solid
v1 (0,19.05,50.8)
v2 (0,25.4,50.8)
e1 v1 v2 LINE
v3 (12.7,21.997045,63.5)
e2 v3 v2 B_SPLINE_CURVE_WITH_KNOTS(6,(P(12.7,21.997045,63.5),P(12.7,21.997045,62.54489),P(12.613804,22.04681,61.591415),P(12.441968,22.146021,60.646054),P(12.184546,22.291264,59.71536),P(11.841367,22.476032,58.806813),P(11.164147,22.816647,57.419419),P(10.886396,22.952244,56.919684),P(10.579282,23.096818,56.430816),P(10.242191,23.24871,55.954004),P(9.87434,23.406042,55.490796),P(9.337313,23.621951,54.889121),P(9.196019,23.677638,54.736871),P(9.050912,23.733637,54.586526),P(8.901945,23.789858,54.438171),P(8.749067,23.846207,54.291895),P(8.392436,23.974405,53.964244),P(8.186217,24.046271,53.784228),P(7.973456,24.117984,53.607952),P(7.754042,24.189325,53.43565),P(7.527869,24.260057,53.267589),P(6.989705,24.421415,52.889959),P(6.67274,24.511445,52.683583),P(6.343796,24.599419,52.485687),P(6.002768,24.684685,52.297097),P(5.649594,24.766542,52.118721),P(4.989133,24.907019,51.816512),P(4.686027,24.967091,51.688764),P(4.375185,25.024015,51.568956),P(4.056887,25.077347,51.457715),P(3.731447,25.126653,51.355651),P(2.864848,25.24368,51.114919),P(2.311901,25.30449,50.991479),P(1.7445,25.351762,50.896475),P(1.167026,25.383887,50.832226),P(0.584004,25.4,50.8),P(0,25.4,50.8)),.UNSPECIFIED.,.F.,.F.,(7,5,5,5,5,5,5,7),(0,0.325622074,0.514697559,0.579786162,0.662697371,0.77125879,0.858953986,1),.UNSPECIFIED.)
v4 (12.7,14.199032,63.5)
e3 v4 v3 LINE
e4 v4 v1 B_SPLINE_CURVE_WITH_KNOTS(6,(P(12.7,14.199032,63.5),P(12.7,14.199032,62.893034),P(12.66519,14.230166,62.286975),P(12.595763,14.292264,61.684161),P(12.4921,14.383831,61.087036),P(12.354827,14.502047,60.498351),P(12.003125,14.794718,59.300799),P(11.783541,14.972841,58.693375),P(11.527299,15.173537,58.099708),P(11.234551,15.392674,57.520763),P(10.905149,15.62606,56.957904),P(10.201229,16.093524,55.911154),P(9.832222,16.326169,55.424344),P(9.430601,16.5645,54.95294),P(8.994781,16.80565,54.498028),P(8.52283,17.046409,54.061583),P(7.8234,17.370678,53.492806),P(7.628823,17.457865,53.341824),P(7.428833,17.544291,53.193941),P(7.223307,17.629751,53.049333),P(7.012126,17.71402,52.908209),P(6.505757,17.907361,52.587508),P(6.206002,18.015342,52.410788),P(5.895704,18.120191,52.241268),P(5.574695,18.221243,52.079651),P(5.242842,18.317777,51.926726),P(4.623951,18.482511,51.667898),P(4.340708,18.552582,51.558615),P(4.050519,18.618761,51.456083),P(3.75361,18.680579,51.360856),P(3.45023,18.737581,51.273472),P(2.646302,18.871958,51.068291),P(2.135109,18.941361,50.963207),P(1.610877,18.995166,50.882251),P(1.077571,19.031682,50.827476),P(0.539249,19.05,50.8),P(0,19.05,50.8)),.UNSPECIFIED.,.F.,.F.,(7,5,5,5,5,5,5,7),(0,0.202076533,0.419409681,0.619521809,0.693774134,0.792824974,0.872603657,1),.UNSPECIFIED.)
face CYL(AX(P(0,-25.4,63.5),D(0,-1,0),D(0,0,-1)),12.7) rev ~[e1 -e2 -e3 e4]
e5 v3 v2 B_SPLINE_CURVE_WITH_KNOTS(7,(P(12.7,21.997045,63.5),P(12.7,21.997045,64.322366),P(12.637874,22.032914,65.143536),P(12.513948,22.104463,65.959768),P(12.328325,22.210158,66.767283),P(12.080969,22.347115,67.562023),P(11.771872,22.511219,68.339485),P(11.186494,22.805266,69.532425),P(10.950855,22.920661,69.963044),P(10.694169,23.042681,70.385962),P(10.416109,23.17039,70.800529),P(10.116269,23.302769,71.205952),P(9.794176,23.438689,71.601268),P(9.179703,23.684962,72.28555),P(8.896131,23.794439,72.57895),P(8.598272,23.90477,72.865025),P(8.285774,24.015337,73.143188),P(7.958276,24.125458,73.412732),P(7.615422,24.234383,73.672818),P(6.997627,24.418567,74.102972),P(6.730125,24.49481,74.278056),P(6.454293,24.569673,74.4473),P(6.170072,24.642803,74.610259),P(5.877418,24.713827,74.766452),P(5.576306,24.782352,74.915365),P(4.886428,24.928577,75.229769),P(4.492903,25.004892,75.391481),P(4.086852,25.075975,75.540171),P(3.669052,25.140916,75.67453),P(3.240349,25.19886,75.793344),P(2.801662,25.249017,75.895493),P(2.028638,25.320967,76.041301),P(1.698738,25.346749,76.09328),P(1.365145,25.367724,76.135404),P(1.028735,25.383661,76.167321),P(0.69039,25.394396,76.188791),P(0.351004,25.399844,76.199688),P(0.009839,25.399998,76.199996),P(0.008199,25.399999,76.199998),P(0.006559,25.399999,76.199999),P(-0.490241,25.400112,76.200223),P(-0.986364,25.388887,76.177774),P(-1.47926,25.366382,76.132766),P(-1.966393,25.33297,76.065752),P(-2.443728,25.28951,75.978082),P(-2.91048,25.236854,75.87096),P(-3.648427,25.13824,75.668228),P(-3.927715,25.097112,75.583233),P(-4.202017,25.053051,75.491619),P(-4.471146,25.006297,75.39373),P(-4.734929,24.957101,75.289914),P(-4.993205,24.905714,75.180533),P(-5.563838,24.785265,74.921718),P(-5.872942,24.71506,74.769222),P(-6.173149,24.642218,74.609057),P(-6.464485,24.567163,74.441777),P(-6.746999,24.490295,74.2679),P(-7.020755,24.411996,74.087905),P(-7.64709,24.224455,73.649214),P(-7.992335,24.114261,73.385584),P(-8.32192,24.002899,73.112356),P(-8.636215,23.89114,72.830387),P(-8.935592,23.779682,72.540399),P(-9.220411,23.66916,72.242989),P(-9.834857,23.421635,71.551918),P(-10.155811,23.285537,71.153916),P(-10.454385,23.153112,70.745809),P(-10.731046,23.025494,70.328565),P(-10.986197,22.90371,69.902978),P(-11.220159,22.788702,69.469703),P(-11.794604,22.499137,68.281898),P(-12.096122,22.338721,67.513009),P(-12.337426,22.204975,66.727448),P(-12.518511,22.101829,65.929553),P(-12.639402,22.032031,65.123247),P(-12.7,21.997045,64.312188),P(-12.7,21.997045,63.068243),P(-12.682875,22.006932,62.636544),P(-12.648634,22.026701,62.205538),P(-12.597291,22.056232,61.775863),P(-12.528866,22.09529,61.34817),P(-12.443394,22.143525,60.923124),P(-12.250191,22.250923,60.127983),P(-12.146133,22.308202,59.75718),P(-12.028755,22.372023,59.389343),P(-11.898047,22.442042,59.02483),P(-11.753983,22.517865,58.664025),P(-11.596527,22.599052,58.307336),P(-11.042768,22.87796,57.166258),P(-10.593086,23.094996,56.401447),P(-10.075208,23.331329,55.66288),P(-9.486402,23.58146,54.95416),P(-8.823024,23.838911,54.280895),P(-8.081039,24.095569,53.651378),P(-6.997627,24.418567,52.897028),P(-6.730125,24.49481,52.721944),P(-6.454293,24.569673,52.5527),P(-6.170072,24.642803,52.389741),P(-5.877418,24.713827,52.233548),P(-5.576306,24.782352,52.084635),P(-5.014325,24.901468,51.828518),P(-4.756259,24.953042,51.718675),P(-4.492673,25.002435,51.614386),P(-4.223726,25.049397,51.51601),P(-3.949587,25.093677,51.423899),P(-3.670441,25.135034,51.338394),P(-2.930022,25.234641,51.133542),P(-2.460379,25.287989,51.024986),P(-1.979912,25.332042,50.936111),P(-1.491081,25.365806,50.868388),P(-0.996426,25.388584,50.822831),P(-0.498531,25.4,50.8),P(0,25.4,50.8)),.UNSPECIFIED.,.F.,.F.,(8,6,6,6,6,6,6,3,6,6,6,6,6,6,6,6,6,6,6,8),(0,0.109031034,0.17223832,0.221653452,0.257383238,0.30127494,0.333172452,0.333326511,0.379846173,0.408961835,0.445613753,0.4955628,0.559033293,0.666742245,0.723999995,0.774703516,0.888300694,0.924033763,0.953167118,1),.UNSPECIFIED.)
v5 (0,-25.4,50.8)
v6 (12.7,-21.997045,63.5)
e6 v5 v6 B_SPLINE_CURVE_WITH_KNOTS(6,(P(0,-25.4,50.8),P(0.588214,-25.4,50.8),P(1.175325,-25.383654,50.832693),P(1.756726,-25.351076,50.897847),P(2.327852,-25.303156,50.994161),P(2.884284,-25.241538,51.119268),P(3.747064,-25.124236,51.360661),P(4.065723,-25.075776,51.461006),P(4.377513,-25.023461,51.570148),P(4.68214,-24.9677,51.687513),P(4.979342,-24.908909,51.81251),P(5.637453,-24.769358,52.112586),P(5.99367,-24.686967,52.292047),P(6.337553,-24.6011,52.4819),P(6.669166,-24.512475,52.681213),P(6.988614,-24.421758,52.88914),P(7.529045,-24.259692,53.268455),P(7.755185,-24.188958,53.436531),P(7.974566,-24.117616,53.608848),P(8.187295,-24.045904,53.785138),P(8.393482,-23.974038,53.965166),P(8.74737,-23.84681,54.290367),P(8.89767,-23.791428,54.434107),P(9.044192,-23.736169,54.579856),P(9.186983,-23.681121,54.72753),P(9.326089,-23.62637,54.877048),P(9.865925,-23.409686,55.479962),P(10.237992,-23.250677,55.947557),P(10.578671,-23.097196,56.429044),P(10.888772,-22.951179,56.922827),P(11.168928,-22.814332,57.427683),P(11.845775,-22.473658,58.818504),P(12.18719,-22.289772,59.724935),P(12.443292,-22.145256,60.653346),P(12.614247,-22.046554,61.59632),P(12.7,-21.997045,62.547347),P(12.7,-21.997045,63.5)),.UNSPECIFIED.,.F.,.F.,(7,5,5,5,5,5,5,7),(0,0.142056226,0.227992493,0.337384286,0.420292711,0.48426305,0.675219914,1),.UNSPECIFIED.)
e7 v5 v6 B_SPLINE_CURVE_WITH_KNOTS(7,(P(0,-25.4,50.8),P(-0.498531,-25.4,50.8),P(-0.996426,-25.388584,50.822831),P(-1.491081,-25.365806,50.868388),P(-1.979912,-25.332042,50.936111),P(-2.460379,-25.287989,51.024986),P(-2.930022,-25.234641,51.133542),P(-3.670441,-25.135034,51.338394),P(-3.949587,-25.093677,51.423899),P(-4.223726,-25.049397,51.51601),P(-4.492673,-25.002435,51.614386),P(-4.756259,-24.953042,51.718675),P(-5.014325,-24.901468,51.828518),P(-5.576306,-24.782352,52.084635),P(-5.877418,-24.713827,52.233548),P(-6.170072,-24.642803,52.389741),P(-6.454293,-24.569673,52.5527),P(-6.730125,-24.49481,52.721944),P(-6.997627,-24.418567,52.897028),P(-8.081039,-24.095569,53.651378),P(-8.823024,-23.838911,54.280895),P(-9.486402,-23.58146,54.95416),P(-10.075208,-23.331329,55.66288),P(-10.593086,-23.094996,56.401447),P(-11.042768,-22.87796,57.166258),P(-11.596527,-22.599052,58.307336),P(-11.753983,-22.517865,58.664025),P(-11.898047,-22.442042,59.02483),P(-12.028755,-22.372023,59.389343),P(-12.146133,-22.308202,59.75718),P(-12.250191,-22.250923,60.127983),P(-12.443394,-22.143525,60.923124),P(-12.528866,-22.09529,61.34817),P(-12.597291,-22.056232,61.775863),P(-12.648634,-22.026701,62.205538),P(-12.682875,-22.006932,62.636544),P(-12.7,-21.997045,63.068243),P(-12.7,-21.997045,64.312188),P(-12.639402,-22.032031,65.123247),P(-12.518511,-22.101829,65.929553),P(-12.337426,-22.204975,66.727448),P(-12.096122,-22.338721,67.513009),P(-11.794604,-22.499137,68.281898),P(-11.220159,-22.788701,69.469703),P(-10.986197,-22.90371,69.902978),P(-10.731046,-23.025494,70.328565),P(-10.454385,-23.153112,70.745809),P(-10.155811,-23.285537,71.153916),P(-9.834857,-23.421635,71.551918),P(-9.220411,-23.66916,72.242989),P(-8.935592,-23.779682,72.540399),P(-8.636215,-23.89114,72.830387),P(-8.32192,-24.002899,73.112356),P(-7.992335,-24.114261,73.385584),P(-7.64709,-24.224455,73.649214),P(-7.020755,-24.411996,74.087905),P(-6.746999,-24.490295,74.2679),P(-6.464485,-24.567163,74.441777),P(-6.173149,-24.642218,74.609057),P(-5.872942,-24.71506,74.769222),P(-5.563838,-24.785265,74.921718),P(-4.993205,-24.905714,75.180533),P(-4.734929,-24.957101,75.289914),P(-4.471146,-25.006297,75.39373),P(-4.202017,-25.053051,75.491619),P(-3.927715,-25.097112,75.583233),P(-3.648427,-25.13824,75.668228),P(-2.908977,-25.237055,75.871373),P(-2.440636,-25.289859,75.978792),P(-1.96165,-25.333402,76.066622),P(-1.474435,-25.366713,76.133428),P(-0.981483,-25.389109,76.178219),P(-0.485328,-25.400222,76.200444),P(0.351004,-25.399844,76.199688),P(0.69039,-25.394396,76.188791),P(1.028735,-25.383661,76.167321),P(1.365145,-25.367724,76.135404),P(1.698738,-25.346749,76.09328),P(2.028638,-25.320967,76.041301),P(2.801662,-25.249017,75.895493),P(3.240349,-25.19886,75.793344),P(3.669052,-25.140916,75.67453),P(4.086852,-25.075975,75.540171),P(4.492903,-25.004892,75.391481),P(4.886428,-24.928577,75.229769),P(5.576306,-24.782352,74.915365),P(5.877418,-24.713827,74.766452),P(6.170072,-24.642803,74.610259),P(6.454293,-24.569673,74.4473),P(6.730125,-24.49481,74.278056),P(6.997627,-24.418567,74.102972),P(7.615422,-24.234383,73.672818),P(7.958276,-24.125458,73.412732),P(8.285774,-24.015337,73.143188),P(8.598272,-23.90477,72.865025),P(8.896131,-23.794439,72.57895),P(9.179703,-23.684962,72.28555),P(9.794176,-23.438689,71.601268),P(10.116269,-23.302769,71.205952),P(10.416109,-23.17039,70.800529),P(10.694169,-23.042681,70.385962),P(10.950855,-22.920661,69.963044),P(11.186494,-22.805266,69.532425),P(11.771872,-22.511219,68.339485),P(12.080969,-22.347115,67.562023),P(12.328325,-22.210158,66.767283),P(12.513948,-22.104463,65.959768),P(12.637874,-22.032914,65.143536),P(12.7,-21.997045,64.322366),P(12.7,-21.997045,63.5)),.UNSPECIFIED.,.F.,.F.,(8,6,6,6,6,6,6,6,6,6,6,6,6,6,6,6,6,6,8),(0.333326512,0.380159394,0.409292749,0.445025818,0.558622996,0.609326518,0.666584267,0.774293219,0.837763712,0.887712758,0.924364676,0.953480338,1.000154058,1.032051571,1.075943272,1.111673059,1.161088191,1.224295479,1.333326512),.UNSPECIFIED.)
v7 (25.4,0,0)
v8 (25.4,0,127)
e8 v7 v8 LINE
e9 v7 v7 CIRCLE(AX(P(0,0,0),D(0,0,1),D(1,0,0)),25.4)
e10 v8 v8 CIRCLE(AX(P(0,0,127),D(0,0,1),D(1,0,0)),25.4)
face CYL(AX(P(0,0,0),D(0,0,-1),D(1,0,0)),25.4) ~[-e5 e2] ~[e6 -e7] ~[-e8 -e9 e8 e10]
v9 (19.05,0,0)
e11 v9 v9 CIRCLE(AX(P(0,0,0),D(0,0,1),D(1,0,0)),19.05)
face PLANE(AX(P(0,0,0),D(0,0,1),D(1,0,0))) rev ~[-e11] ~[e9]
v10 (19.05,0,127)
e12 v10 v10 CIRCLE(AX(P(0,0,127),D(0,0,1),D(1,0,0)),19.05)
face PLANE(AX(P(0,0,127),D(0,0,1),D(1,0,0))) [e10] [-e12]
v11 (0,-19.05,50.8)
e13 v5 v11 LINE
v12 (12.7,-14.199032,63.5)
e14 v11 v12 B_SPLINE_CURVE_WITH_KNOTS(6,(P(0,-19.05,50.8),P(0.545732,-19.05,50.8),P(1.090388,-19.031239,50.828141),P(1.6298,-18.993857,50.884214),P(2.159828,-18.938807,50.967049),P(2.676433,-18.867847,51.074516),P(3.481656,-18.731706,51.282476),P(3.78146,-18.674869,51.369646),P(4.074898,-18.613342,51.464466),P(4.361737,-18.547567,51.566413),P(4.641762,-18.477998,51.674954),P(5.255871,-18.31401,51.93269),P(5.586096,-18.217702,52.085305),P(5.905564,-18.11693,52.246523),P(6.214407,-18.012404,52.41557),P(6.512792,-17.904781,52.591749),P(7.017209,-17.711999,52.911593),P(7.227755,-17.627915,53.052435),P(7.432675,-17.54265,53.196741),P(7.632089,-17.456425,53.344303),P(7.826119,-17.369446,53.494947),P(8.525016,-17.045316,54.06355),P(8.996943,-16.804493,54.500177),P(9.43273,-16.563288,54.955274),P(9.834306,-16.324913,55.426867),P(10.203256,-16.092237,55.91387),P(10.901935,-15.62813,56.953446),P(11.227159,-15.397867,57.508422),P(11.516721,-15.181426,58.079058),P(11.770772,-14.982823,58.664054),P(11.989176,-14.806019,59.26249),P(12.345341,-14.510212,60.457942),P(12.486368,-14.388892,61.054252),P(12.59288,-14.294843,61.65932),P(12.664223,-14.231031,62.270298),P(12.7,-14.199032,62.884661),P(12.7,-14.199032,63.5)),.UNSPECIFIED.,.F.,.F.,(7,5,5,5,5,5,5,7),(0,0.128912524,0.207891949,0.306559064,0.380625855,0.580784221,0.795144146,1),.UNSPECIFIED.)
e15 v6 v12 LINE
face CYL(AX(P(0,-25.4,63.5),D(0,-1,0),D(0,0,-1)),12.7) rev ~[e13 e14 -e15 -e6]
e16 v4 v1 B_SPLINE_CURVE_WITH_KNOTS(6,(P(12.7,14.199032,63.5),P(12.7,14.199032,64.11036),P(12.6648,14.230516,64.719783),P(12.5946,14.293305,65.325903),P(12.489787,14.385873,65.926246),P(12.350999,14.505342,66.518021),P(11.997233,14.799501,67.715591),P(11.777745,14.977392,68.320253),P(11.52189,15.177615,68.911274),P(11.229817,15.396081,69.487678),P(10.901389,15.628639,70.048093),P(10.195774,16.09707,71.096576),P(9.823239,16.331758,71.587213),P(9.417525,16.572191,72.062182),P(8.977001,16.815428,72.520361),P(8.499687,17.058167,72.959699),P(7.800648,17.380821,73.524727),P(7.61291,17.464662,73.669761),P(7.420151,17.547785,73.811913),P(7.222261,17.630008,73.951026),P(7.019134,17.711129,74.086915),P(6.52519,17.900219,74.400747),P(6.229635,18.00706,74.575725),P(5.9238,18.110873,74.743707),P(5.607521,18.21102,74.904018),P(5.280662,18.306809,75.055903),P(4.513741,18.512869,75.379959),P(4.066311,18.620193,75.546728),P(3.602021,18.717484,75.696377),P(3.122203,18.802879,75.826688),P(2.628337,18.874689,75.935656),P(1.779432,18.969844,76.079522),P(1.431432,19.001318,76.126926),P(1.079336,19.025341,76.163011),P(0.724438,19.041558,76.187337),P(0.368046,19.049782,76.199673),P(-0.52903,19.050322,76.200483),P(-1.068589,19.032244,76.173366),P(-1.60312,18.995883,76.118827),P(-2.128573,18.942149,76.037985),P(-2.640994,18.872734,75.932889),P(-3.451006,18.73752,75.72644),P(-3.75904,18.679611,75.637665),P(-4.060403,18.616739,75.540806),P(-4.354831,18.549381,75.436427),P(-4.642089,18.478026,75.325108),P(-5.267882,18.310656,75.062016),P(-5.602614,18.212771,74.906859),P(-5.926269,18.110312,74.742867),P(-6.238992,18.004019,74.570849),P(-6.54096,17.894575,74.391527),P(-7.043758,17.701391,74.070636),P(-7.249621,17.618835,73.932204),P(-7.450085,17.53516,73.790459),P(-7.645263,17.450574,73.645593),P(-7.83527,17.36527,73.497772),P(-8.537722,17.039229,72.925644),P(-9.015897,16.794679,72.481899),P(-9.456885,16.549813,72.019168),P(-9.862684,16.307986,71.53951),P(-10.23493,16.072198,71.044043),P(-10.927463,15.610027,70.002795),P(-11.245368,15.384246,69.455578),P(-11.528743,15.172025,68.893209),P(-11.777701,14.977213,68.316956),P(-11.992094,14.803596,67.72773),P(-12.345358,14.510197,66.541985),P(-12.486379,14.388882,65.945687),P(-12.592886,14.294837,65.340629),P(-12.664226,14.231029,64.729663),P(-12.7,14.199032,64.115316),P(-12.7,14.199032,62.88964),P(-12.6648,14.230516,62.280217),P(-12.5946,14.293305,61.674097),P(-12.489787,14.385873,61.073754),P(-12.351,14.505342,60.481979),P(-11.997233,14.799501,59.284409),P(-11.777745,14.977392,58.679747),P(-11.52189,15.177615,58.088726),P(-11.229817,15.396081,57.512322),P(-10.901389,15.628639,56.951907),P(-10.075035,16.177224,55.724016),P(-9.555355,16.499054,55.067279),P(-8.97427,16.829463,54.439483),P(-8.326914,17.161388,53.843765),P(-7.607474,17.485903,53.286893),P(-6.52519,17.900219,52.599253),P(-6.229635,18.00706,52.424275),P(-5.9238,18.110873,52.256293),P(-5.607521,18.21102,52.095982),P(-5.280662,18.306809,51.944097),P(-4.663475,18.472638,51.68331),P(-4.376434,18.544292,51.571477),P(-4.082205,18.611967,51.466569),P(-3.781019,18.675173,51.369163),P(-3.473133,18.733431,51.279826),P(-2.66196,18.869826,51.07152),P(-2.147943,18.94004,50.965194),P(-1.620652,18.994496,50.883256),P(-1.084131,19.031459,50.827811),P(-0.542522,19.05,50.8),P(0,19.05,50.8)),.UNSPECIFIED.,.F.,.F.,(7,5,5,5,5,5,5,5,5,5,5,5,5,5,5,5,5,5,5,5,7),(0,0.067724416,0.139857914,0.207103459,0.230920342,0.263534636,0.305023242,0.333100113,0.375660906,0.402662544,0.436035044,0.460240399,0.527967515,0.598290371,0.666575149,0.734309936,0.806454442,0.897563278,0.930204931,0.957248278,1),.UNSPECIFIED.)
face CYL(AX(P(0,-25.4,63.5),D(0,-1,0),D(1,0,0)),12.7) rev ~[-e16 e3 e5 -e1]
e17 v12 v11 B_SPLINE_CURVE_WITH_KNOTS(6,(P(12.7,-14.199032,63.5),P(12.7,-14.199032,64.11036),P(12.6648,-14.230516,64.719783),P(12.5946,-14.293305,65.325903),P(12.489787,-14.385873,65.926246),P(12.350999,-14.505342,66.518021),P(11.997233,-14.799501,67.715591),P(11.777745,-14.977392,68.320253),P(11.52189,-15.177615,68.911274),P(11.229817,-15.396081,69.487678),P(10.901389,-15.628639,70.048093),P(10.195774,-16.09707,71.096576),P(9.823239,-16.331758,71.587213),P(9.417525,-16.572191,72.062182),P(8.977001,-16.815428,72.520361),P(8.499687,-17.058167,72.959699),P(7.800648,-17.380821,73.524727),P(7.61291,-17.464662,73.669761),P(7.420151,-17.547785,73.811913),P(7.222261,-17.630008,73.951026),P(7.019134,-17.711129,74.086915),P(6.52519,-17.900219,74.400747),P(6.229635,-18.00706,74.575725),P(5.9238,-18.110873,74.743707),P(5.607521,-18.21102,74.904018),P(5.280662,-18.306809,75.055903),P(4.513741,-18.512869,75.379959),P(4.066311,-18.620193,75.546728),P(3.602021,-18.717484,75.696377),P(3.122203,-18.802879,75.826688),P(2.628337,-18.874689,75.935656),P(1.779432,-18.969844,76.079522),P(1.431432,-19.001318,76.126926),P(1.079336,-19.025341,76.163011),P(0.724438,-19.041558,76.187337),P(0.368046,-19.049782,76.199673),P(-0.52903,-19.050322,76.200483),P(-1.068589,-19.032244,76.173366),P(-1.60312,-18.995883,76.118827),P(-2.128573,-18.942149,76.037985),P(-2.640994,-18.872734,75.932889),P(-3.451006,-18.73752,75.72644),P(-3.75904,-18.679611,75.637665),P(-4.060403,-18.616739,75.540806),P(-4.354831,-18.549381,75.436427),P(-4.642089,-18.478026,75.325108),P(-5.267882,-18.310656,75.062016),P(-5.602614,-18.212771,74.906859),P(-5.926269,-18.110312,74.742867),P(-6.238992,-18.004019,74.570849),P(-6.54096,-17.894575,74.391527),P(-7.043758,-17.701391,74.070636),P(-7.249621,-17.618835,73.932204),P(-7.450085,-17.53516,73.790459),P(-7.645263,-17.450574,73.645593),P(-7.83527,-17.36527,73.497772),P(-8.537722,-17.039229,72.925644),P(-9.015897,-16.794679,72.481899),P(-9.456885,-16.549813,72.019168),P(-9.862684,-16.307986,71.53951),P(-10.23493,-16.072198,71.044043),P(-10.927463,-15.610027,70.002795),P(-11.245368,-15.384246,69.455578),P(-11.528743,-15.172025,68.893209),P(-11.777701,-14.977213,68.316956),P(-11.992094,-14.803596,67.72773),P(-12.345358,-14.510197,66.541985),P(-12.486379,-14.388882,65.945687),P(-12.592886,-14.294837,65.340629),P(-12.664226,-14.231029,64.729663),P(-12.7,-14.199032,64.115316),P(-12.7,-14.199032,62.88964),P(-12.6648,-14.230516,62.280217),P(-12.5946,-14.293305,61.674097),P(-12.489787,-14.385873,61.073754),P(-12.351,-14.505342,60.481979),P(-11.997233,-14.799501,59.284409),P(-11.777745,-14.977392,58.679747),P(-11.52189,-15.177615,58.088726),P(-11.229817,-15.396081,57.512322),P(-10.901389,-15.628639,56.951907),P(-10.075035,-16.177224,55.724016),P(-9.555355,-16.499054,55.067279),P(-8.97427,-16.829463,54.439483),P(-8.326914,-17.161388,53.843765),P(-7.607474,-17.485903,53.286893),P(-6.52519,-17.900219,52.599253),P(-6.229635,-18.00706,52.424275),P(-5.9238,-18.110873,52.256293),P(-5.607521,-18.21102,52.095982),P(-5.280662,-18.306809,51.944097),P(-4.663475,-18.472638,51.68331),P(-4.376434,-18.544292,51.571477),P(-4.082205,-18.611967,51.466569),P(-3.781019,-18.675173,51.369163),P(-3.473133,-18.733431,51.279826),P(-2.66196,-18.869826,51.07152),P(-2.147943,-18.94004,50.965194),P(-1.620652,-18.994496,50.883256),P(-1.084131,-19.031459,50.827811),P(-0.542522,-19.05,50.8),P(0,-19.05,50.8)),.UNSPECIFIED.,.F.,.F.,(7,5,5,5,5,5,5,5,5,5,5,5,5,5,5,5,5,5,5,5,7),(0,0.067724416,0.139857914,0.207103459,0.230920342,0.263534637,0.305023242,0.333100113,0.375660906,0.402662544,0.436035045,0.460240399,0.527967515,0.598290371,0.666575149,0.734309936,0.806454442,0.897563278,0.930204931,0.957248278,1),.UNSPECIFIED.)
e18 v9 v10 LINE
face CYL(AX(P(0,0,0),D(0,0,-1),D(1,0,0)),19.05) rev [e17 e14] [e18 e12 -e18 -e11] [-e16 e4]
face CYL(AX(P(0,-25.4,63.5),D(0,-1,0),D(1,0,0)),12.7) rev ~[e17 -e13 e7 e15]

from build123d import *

# Parameters (mm, degrees)
F0_R     = 25.4
F0_R_2   = 19.05
F1_DEPTH = 127
F4_DEPTH = 50.8


with BuildPart() as f1:
    # F0 (on Top) → F1 (new body)
    with BuildSketch(Plane.XY):
        Circle(F0_R)
        Circle(F0_R_2, mode=Mode.SUBTRACT)
    extrude(amount=F1_DEPTH)

    # F3 (on offset) → F4 (cut)
    with BuildSketch(Plane.XZ.offset(25.4)):
        with BuildLine():
            ThreePointArc((0, 50.8), (8.9802561211, 54.5197438789), (12.7, 63.5))
            ThreePointArc((12.7, 63.5), (-8.9802561211, 72.4802561211), (0, 50.8))
        make_face()
    extrude(amount=-F4_DEPTH, mode=Mode.SUBTRACT)


solid = f1.part
